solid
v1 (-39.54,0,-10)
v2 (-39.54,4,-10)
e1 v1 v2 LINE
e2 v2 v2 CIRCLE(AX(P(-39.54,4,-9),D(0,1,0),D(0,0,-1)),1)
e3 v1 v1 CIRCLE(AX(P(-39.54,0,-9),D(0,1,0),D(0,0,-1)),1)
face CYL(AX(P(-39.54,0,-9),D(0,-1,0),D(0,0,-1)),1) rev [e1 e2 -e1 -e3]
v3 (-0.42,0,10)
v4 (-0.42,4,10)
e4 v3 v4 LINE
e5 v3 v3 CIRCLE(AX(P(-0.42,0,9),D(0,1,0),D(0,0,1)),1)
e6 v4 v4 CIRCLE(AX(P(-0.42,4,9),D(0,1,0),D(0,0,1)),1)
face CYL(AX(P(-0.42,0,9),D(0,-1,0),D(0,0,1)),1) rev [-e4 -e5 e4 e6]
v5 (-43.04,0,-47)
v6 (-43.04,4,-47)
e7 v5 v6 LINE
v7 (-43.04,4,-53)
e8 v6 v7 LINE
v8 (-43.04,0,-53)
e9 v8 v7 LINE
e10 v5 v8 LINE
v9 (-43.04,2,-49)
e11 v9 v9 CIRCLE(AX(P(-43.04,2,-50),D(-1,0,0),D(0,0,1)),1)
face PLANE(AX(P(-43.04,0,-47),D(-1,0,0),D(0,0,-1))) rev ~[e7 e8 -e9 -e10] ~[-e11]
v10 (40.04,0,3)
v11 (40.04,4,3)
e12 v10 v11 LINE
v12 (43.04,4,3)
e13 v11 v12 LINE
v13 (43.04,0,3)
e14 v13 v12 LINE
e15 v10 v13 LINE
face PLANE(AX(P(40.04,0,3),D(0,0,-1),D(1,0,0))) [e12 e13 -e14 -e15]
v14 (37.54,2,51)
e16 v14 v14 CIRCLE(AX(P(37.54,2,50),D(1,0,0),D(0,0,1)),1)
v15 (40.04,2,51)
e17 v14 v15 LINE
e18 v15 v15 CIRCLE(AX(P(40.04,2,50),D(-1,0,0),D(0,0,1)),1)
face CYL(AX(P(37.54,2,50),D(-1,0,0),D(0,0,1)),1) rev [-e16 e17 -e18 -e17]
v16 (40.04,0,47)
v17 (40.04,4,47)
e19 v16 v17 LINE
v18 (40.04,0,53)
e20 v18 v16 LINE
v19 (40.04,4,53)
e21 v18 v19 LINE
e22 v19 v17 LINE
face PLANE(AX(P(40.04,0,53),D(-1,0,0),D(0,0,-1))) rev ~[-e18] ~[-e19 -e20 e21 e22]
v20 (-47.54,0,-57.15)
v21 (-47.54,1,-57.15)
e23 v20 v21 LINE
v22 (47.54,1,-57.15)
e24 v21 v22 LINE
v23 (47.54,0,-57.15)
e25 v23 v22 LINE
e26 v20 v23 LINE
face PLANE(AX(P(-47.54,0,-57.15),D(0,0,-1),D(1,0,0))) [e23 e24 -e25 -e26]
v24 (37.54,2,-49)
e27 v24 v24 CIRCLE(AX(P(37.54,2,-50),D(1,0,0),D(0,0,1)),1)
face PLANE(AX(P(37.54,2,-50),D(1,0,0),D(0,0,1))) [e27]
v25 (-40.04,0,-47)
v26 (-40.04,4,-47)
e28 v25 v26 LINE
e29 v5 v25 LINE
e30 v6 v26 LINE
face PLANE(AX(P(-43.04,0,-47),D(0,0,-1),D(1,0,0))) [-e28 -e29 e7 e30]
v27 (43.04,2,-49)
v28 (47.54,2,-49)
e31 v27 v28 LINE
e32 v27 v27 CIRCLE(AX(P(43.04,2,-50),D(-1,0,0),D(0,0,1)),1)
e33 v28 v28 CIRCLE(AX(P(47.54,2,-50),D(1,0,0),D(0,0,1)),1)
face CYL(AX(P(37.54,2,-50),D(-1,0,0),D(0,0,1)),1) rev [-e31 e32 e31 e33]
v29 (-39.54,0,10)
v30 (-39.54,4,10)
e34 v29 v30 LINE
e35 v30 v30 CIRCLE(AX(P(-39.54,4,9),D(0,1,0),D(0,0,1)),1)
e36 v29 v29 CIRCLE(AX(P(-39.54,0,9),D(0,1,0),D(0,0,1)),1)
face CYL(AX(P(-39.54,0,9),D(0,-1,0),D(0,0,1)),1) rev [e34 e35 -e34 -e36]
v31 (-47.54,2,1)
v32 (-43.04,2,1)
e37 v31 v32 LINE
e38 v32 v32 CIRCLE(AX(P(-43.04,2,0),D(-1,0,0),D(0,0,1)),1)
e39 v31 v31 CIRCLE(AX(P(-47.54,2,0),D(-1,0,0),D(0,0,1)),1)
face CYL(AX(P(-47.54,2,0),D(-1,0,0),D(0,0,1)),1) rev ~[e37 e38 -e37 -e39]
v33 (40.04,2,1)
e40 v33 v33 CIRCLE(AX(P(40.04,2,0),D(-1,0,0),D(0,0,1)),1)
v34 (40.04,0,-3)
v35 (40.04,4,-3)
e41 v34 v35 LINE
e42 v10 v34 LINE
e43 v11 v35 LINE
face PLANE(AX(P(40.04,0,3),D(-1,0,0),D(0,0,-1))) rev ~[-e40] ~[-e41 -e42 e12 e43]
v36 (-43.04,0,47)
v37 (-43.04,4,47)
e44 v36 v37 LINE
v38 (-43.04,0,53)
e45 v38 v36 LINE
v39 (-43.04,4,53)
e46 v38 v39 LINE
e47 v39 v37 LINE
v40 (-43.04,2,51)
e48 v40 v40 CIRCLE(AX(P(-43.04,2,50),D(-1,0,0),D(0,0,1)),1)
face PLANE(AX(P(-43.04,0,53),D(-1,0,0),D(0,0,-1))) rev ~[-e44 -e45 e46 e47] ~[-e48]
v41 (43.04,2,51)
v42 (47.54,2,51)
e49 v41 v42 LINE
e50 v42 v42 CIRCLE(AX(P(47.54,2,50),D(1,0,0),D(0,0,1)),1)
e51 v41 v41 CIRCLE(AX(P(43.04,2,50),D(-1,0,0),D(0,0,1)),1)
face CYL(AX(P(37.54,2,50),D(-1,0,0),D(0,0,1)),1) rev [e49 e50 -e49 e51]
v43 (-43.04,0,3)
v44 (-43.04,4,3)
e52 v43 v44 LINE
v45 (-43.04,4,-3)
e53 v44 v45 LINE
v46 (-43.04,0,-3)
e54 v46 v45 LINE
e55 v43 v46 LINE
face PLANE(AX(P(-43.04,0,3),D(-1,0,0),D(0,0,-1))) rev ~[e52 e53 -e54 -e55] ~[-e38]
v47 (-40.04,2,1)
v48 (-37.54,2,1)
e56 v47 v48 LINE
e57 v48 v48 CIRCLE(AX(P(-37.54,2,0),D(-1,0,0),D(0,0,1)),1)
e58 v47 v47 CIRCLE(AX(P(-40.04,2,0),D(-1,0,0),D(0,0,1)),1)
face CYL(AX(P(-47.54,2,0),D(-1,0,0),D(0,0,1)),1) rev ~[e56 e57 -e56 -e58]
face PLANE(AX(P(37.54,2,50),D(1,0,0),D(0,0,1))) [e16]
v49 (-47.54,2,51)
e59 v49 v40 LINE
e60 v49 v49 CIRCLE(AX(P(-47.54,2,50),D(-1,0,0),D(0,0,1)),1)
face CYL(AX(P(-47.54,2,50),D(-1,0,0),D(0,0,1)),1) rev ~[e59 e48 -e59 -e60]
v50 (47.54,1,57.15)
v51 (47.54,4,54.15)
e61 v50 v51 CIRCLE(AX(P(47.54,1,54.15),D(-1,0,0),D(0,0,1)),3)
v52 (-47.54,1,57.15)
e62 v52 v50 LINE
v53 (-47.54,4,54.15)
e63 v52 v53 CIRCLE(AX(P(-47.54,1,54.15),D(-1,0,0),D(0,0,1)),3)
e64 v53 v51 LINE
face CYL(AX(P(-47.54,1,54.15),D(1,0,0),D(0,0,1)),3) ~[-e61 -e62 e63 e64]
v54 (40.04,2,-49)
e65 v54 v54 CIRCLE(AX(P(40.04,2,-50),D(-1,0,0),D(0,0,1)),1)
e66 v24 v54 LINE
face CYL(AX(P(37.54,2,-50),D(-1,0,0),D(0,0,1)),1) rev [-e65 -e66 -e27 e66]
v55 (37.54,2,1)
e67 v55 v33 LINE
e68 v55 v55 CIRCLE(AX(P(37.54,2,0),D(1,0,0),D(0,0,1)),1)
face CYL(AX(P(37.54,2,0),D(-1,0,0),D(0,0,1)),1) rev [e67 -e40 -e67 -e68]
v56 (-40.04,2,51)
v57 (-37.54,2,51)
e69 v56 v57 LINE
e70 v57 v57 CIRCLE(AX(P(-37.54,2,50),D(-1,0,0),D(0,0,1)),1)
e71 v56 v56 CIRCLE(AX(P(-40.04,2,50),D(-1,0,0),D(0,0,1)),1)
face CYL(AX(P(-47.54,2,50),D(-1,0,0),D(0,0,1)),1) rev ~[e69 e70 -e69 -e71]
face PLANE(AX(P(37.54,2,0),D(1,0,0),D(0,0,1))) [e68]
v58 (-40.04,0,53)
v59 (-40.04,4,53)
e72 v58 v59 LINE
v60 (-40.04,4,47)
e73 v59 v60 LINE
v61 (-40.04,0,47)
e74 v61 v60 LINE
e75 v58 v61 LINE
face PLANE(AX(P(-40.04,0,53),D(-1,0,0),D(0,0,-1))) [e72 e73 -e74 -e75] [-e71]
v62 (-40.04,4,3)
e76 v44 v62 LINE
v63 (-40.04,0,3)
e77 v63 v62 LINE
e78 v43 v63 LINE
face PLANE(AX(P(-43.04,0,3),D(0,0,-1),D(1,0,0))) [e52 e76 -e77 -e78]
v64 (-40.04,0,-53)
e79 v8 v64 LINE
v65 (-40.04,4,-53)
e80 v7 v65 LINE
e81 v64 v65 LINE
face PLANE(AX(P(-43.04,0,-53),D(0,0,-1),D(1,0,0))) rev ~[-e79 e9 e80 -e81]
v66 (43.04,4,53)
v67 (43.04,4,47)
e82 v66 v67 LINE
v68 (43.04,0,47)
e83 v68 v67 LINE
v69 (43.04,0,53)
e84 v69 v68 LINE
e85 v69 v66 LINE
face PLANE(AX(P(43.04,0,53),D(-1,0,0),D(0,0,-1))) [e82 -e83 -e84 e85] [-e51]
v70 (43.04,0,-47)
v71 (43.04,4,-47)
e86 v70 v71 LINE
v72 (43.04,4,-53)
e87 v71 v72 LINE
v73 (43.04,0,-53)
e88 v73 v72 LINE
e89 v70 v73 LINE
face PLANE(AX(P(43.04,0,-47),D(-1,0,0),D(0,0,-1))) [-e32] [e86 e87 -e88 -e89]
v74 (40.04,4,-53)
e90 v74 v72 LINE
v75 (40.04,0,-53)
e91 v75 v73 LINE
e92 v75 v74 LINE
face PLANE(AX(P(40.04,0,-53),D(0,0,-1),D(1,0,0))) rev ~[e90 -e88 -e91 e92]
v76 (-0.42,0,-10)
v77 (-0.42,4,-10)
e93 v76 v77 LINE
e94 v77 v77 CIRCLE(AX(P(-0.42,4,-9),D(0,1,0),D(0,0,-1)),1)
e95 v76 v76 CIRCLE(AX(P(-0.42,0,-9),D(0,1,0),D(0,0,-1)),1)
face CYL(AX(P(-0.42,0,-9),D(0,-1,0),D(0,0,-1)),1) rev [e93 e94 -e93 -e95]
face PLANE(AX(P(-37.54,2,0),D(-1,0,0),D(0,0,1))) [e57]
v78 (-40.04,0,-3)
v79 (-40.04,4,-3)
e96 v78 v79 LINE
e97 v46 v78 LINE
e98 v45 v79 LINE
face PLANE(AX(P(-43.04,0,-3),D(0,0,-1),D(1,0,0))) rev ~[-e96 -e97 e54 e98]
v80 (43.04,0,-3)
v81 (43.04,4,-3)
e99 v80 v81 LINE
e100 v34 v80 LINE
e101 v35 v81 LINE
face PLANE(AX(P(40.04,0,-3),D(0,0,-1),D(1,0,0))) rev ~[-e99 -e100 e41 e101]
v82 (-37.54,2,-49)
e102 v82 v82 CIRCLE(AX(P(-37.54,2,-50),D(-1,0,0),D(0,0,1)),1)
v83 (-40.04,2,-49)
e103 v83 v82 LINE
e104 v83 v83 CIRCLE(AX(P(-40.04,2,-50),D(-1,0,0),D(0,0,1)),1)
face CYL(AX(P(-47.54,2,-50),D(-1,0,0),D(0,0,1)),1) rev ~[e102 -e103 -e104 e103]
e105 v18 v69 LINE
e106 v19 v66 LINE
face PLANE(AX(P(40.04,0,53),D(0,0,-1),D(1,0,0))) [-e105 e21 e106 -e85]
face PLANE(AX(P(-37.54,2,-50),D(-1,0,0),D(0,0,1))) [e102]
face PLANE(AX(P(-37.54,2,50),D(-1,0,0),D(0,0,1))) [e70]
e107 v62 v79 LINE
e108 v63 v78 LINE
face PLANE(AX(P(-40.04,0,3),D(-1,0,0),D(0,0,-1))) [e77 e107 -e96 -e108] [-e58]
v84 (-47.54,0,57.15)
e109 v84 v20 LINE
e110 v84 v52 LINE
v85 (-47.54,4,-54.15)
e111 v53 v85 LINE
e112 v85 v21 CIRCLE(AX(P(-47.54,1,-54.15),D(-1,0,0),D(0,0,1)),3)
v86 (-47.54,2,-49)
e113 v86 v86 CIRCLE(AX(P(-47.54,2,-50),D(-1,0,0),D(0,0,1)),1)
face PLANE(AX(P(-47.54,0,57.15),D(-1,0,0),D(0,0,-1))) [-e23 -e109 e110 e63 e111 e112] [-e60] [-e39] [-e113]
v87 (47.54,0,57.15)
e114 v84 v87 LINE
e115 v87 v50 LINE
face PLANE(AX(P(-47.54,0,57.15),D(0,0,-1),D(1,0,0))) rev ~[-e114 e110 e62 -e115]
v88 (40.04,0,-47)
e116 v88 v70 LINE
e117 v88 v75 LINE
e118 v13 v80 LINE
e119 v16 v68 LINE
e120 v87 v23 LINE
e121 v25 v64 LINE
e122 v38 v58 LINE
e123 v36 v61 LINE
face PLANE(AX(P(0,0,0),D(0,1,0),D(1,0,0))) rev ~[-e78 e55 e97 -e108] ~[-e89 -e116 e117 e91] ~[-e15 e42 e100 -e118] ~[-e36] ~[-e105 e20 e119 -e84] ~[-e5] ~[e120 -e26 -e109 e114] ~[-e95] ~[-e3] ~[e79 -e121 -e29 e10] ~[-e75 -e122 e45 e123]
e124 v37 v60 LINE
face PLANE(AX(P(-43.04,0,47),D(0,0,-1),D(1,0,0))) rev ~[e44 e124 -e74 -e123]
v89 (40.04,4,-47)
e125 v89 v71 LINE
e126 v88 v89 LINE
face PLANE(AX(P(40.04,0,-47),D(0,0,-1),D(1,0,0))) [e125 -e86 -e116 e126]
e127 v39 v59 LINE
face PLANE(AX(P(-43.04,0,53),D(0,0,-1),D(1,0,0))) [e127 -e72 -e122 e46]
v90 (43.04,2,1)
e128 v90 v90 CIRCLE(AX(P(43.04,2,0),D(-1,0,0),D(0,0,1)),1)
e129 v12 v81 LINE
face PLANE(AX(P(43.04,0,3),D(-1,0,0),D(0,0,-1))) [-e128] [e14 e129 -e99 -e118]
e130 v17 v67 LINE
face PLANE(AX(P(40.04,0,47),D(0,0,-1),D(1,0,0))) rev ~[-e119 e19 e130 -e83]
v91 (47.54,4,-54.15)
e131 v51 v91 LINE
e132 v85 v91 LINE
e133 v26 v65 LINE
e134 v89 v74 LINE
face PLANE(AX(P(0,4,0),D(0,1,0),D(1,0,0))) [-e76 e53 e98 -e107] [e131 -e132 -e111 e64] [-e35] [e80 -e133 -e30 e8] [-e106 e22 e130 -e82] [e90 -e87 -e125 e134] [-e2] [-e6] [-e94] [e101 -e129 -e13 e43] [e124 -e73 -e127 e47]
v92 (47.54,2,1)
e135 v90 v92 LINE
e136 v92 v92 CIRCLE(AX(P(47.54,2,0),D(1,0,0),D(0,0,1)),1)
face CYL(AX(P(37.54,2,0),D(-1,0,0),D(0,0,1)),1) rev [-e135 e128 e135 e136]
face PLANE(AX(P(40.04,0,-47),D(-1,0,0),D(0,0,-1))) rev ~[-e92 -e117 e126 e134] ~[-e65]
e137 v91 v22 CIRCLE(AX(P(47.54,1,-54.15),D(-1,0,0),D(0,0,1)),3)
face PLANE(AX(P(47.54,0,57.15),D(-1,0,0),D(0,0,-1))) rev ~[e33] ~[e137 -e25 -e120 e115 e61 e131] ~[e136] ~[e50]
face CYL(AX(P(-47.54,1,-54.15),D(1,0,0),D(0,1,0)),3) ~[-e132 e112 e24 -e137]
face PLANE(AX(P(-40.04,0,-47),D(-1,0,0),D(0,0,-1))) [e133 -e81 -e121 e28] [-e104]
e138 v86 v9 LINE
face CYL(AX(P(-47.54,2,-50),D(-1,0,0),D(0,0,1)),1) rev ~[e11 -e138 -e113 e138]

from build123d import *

# Parameters (mm, degrees)
ESQUISSE1_W             = 95.08
ESQUISSE1_H             = 114.3
ESQUISSE1_R             = 1
ESQUISSE1_W_2           = 3
ESQUISSE1_H_2           = 6
BOSS_EXTRU_1_DEPTH      = 4
ESQUISSE2_R             = 1
ENL_V_MAT_EXTRU_1_DEPTH = 10
ENL_V_START             = -10
ESQUISSE3_R             = 1
ENL_V_MAT_EXTRU_2_DEPTH = 10
CONG_1_R                = 3


with BuildPart() as part:
    # Esquisse1 → Boss.-Extru.1 (new body)
    with BuildSketch(Plane(origin=(0, 0, 0), x_dir=(1, 0, 0), z_dir=(0, 1, 0))):
        Rectangle(ESQUISSE1_W, ESQUISSE1_H)
        with Locations(Location((-39.54, -9, 0), (0, 0, 270))):
            Circle(ESQUISSE1_R, mode=Mode.SUBTRACT)
        with Locations(Location((-0.42, -9, 0), (0, 0, 270))):
            Circle(ESQUISSE1_R, mode=Mode.SUBTRACT)
        with Locations(Location((-0.42, 9, 0), (0, 0, 90))):
            Circle(ESQUISSE1_R, mode=Mode.SUBTRACT)
        with Locations(Location((-39.54, 9, 0), (0, 0, 90))):
            Circle(ESQUISSE1_R, mode=Mode.SUBTRACT)
        with Locations((41.54, 0)):
            Rectangle(ESQUISSE1_W_2, ESQUISSE1_H_2, mode=Mode.SUBTRACT)
        with Locations((41.54, -50)):
            Rectangle(ESQUISSE1_W_2, ESQUISSE1_H_2, mode=Mode.SUBTRACT)
        with Locations((41.54, 50)):
            Rectangle(ESQUISSE1_W_2, ESQUISSE1_H_2, mode=Mode.SUBTRACT)
        with Locations((-41.54, -50)):
            Rectangle(ESQUISSE1_W_2, ESQUISSE1_H_2, mode=Mode.SUBTRACT)
        with Locations((-41.54, 50)):
            Rectangle(ESQUISSE1_W_2, ESQUISSE1_H_2, mode=Mode.SUBTRACT)
        with Locations((-41.54, 0)):
            Rectangle(ESQUISSE1_W_2, ESQUISSE1_H_2, mode=Mode.SUBTRACT)
    extrude(amount=BOSS_EXTRU_1_DEPTH)

    # Esquisse2 → Enlèv. mat.-Extru.1 (cut)
    with BuildSketch(Plane.ZY.offset(47.54)):
        with Locations((-50, 2)):
            Circle(ESQUISSE2_R)
        with Locations((0, 2)):
            Circle(ESQUISSE2_R)
        with Locations((50, 2)):
            Circle(ESQUISSE2_R)
    extrude(amount=-ENL_V_MAT_EXTRU_1_DEPTH, mode=Mode.SUBTRACT)

    # Esquisse3 → Enlèv. mat.-Extru.2 (cut)
    with BuildSketch(Plane(origin=(47.54, 0, 0), x_dir=(0, 0, -1), z_dir=(1, 0, 0)).offset(ENL_V_START)):
        with Locations(Location((-50, 2, 0), (0, 0, 180))):
            Circle(ESQUISSE3_R)
        with Locations(Location((0, 2, 0), (0, 0, 180))):
            Circle(ESQUISSE3_R)
        with Locations(Location((50, 2, 0), (0, 0, 180))):
            Circle(ESQUISSE3_R)
    extrude(amount=ENL_V_MAT_EXTRU_2_DEPTH, mode=Mode.SUBTRACT)

    # Congé1
    cong_1_edges = [part.edges().sort_by_distance(p)[0] for p in [
        (0, 4, 57.15),
        (0, 4, -57.15),
    ]]
    fillet(cong_1_edges, radius=CONG_1_R)


solid = part.part
